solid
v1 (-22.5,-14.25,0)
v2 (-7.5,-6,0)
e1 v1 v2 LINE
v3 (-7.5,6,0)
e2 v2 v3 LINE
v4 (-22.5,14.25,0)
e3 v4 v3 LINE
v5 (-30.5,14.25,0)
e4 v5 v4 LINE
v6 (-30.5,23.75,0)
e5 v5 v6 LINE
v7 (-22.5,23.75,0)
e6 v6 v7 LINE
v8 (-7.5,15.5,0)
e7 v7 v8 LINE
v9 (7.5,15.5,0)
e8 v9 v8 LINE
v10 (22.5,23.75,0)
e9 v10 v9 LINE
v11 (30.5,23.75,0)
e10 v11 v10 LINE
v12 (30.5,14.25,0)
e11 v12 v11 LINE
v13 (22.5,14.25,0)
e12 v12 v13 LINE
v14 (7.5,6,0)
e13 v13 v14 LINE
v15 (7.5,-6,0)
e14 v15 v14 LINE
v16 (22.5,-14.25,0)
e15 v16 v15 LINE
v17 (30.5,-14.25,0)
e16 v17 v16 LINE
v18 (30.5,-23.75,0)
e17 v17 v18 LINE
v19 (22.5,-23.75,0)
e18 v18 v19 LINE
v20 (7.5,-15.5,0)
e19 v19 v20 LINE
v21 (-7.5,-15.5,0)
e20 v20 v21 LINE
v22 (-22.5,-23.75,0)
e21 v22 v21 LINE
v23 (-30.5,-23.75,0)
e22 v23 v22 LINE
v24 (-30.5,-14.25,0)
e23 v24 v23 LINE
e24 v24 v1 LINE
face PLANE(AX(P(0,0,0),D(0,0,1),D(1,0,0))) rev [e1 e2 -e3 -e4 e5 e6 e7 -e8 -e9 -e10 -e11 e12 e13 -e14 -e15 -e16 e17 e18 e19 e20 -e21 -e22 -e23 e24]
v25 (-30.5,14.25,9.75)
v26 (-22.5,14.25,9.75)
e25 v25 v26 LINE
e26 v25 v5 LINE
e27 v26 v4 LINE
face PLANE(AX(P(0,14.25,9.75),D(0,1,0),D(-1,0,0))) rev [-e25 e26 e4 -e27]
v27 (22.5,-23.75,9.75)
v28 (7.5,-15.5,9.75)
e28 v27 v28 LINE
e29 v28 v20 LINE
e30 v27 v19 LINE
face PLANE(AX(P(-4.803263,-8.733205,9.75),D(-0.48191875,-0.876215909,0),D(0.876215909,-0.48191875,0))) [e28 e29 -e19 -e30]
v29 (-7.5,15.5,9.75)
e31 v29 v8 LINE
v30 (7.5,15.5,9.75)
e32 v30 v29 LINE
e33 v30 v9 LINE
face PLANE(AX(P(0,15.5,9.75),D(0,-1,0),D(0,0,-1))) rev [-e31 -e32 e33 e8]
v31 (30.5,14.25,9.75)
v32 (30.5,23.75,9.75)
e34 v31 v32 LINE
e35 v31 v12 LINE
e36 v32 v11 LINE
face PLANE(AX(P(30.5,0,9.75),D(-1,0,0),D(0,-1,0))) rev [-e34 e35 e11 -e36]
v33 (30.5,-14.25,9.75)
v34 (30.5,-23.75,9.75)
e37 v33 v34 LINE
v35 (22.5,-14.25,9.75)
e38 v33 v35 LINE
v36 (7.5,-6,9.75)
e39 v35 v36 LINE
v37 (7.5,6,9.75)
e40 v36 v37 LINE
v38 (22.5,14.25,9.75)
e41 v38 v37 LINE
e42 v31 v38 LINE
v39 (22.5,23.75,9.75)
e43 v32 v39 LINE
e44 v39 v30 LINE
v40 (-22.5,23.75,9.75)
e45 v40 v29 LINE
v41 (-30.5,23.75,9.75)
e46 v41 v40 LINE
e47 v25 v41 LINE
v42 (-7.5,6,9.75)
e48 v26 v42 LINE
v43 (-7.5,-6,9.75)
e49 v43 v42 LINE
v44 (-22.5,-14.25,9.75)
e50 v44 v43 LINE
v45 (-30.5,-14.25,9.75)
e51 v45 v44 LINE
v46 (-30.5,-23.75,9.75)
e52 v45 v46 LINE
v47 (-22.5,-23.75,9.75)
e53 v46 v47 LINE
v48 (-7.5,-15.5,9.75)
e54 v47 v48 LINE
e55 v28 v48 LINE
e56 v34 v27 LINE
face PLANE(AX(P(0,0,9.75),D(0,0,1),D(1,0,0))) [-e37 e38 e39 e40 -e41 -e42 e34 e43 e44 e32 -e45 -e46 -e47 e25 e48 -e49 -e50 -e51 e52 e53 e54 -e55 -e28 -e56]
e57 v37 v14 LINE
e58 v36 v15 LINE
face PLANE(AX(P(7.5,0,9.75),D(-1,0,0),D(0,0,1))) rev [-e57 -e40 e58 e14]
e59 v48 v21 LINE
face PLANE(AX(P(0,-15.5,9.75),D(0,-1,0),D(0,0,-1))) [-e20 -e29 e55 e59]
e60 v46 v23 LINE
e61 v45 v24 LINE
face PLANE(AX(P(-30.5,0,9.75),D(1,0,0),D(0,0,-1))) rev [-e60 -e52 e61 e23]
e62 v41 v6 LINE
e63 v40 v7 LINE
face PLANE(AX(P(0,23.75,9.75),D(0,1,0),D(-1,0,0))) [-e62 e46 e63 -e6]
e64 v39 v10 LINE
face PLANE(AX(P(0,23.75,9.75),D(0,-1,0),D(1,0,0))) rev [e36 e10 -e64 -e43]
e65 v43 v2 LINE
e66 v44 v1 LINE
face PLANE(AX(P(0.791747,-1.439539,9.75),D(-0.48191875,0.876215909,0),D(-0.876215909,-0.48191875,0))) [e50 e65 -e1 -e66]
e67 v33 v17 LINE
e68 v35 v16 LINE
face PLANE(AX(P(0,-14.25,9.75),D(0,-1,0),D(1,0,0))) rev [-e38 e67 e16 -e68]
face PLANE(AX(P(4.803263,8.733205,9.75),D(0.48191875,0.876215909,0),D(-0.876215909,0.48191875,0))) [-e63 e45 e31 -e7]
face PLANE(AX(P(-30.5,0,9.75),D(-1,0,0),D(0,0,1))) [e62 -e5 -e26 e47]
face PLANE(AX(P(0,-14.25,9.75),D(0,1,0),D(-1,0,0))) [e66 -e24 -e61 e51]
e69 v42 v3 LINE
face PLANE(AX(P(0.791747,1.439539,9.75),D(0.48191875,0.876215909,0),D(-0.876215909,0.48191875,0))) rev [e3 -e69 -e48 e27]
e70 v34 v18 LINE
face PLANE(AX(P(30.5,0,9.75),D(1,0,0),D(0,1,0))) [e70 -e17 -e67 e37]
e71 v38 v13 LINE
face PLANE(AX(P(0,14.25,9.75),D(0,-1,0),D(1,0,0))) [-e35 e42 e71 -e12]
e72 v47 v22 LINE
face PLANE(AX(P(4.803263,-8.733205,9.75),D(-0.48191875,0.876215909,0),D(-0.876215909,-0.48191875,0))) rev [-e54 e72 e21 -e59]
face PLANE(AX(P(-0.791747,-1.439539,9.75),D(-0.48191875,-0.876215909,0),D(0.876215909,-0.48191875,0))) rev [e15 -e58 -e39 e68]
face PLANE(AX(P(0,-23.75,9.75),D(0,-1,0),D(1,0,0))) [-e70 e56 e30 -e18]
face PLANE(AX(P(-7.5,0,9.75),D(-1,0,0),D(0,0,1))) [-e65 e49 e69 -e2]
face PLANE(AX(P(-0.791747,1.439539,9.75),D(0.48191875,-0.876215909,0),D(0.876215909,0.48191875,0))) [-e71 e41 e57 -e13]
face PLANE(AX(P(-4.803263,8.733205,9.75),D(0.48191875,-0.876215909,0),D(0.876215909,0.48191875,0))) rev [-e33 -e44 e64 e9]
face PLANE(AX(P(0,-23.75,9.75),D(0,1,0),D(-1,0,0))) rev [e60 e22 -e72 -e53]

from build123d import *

# Parameters (mm, degrees)
AUFSATZ_LINEAR_AUSTRAGEN1_DEPTH = 9.75


with BuildPart() as part:
    # Skizze1 → Aufsatz-Linear austragen1 (new body)
    with BuildSketch(Plane.XY):
        Polygon((-30.5, 14.25), (-30.5, 23.75), (-22.5, 23.75), (-7.5, 15.5), (7.5, 15.5), (22.5, 23.75), (30.5, 23.75), (30.5, 14.25), (22.5, 14.25), (7.5, 6), (7.5, -6), (22.5, -14.25), (30.5, -14.25), (30.5, -23.75), (22.5, -23.75), (7.5, -15.5), (-7.5, -15.5), (-22.5, -23.75), (-30.5, -23.75), (-30.5, -14.25), (-22.5, -14.25), (-7.5, -6), (-7.5, 6), (-22.5, 14.25), align=None)
    extrude(amount=AUFSATZ_LINEAR_AUSTRAGEN1_DEPTH)


solid = part.part
